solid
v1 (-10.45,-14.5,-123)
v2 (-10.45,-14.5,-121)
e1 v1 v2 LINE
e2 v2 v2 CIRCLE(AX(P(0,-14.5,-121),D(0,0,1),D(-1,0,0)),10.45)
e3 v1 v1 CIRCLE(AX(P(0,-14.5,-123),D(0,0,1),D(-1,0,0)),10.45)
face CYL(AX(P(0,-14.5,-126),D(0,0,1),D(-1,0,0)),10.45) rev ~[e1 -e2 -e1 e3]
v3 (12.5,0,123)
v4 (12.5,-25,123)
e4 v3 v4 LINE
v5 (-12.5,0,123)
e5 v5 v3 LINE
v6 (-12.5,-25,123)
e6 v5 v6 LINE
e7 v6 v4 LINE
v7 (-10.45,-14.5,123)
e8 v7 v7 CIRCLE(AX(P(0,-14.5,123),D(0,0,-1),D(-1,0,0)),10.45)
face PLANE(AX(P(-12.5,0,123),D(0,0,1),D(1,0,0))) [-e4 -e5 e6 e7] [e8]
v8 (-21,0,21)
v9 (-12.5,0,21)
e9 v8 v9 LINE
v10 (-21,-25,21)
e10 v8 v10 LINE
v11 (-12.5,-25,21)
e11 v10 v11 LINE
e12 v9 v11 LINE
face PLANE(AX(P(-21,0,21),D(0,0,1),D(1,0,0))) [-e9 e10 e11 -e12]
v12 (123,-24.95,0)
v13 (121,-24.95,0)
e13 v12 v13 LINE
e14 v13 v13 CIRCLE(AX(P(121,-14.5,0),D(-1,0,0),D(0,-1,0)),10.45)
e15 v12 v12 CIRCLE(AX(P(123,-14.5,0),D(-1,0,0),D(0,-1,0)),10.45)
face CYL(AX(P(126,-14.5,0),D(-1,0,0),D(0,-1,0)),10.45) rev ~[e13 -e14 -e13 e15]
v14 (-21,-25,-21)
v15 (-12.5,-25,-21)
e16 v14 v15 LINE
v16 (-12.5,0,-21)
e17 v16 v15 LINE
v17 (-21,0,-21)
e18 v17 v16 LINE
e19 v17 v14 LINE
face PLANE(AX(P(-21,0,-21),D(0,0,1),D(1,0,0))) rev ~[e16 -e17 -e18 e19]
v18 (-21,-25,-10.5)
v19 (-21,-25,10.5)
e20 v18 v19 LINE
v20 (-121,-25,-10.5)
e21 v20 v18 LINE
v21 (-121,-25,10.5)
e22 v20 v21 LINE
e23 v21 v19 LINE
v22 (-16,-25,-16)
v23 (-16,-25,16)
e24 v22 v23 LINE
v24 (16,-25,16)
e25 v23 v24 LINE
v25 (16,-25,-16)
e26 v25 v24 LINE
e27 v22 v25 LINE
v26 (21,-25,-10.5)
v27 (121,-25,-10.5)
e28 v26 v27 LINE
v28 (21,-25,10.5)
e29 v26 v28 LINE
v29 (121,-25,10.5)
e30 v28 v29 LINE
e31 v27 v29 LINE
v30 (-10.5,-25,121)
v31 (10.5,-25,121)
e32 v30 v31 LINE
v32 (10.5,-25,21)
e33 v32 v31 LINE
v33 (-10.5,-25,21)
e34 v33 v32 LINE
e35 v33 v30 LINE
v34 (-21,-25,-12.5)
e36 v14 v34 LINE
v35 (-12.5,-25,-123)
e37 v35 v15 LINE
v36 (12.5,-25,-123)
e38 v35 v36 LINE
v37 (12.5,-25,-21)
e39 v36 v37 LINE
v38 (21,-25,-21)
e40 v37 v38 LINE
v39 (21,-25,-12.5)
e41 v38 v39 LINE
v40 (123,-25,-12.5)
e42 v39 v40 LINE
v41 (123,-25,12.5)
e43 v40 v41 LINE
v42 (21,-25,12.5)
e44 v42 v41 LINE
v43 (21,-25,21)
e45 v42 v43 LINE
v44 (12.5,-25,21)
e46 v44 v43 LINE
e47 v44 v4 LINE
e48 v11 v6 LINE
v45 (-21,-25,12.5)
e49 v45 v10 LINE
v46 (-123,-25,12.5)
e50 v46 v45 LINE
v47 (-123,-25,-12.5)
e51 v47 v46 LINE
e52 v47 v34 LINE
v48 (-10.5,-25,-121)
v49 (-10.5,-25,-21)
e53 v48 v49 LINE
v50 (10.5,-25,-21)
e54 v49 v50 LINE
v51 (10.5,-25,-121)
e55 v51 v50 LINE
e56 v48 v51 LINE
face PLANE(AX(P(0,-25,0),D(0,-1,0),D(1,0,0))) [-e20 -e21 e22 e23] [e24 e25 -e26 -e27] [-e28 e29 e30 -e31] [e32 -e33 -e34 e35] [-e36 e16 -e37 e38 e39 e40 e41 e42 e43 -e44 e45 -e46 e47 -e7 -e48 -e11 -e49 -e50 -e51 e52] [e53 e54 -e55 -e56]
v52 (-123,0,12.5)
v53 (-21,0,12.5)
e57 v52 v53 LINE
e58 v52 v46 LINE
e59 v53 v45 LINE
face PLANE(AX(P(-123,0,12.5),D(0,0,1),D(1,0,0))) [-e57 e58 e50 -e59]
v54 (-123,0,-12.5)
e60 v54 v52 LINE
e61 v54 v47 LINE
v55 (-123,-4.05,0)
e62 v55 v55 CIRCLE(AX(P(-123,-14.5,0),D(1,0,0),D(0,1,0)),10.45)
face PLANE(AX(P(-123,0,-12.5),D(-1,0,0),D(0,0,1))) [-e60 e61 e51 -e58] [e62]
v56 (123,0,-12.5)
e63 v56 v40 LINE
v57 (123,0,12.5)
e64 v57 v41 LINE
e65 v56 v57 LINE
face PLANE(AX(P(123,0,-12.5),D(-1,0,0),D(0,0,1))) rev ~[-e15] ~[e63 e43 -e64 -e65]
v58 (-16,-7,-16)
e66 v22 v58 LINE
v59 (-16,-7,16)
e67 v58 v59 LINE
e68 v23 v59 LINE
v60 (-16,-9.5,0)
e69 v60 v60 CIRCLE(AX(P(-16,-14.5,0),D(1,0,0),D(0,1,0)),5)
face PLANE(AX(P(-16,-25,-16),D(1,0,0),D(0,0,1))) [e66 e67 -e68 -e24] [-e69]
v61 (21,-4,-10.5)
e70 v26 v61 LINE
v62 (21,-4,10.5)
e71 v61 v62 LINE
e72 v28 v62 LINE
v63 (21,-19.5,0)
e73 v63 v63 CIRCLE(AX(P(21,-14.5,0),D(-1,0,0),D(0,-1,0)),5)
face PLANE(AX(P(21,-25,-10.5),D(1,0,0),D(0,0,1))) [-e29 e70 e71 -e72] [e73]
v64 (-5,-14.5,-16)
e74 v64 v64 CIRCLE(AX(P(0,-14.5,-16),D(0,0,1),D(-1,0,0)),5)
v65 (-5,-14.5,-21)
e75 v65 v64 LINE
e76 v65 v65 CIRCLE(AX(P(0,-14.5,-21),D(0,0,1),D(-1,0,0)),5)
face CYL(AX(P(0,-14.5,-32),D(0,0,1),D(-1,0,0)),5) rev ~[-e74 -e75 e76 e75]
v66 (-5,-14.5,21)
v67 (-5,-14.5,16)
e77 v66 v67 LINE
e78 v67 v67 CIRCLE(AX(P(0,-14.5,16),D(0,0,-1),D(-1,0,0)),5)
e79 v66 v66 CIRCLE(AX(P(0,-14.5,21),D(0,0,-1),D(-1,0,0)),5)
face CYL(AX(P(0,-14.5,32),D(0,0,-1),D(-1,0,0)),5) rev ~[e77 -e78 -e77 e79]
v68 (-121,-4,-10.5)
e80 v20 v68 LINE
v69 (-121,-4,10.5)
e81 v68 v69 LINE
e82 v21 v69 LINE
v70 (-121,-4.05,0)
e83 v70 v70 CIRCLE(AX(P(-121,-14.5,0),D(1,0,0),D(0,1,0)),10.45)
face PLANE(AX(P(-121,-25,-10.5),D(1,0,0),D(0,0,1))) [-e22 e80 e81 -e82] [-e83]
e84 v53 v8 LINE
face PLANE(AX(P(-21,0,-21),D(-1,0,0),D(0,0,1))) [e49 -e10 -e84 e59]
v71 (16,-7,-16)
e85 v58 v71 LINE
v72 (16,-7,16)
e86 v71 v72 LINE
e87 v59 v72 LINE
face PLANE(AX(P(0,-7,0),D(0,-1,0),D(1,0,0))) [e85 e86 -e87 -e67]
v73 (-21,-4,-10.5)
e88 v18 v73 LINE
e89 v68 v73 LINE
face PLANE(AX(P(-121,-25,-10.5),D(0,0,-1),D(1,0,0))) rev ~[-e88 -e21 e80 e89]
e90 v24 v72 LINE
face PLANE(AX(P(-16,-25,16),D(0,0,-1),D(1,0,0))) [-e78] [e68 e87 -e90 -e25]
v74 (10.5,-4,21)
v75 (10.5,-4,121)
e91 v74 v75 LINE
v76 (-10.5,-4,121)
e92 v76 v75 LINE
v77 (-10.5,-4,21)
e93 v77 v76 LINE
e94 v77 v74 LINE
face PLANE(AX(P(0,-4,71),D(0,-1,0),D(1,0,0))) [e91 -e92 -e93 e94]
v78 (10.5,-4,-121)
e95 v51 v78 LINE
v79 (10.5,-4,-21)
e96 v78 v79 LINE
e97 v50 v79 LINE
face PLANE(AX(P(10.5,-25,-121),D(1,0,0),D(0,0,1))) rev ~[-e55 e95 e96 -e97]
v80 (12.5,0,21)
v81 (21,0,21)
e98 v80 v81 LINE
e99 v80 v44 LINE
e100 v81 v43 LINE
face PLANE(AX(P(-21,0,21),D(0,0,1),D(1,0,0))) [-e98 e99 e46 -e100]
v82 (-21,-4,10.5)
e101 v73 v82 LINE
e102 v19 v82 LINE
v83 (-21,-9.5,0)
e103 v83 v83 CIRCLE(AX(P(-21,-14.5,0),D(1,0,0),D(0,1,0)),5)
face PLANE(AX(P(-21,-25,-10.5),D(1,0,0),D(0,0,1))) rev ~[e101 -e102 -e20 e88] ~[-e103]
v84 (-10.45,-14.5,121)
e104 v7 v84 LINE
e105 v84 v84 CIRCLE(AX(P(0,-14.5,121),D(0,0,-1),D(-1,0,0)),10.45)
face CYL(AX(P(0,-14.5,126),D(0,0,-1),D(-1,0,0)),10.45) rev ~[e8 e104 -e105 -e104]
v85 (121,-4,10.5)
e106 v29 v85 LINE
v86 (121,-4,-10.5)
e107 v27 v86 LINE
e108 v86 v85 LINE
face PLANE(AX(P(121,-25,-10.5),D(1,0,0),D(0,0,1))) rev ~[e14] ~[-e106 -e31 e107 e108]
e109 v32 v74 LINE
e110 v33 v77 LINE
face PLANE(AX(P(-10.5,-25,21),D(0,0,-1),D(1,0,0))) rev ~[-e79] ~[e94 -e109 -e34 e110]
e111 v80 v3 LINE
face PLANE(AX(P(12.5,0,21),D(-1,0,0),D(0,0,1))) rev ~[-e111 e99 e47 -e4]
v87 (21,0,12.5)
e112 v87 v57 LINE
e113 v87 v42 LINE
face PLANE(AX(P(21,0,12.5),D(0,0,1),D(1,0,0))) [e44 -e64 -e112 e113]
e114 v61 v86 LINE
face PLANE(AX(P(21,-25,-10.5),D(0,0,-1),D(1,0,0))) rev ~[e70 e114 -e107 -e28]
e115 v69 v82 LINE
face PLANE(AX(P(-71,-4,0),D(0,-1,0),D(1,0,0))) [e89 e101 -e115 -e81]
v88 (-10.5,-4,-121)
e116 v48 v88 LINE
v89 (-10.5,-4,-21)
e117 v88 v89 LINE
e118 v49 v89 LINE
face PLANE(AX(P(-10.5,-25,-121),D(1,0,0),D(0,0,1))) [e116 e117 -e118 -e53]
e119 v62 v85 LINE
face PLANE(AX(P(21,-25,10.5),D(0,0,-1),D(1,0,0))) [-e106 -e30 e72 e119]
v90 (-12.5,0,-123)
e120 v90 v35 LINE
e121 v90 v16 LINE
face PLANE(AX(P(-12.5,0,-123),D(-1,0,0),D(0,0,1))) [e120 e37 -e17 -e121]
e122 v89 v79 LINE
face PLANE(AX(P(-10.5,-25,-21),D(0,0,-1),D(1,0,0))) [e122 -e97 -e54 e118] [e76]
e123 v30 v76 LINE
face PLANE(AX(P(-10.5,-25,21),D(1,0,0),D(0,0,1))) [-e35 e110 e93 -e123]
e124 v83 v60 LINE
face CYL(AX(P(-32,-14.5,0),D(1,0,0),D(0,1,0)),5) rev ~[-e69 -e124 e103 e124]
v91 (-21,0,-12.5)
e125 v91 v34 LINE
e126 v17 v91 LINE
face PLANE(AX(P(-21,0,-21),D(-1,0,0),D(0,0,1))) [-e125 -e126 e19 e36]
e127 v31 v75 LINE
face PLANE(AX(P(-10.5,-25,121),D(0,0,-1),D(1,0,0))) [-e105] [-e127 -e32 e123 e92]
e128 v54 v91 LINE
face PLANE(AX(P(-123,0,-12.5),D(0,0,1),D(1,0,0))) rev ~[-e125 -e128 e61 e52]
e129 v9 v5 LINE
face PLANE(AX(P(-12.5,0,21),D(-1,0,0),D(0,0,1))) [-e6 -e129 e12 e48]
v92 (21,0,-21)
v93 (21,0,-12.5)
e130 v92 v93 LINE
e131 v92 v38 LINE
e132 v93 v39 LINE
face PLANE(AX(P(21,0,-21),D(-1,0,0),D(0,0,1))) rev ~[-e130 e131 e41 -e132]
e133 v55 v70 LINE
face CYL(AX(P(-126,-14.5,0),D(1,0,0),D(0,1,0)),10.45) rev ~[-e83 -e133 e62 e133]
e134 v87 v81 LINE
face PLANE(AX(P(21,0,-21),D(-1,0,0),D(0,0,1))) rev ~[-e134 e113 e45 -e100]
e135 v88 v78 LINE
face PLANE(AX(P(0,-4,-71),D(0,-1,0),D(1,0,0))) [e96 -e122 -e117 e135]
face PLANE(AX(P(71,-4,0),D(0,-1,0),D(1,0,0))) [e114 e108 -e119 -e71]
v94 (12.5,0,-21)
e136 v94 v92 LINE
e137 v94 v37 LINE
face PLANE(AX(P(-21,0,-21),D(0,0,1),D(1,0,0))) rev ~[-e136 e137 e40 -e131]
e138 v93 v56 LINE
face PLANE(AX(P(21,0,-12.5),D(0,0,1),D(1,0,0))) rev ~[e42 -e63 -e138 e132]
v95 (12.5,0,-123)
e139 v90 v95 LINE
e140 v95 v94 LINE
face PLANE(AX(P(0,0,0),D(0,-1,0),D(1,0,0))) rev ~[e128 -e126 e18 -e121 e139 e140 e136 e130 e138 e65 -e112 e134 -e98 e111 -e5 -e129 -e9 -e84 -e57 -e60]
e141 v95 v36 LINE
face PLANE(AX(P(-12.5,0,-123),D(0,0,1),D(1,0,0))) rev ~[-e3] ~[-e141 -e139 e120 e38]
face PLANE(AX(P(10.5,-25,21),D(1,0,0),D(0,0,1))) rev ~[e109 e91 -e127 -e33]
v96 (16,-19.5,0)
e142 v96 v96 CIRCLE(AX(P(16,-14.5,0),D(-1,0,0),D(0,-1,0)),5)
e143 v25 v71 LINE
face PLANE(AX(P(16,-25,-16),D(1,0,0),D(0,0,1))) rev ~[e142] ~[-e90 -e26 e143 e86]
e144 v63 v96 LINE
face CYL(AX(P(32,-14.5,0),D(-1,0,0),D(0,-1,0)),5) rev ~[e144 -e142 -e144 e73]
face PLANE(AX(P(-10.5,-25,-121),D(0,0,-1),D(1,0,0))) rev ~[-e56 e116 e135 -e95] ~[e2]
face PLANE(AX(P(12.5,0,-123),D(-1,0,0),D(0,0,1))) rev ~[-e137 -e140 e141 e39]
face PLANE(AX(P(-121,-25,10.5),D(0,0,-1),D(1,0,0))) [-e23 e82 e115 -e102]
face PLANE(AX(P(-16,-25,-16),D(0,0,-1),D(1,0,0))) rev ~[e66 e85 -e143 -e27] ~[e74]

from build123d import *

# Parameters (mm, degrees)
F0_W      = 42
F0_H      = 42
F0_W_2    = 32
F0_H_2    = 32
F5_DEPTH  = 25
F1_W      = 25
F1_H      = 102
F2_W      = 102
F2_H      = 25
F3_W      = 102
F3_H      = 25
F4_W      = 25
F4_H      = 102
F6_DEPTH  = 25
F7_W      = 32
F7_H      = 32
F8_DEPTH  = 18
F9_W      = 100
F9_H      = 21
F10_DEPTH = 21
F11_W     = 100
F11_H     = 21
F12_DEPTH = 21
F13_W     = 21
F13_H     = 100
F14_DEPTH = 21
F15_W     = 21
F15_H     = 100
F16_DEPTH = 21
F18_D     = 10
F18_DEPTH = 11
F20_D     = 10
F20_DEPTH = 11
F22_D     = 10
F22_DEPTH = 11
F24_D     = 10
F24_DEPTH = 11
F26_D     = 20.9
F26_DEPTH = 3
F28_D     = 20.9
F28_DEPTH = 3
F30_D     = 20.9
F30_DEPTH = 3
F32_D     = 20.9
F32_DEPTH = 3


with BuildPart() as f5:
    # F0 (on Front) → F5 (new body)
    with BuildSketch(Plane.XZ):
        Rectangle(F0_W, F0_H)
        Rectangle(F0_W_2, F0_H_2, mode=Mode.SUBTRACT)
        Rectangle(F0_W_2, F0_H_2)
    extrude(amount=F5_DEPTH)

    # F1 (on Front) + F2 (on Front) + F3 (on Front) + F4 (on Front) → F6 (join)
    with BuildSketch(Plane.XZ):
        with Locations((0, -72)):
            Rectangle(F1_W, F1_H)
    with BuildSketch(Plane.XZ):
        with Locations((-72, 0)):
            Rectangle(F2_W, F2_H)
    with BuildSketch(Plane.XZ):
        with Locations((72, 0)):
            Rectangle(F3_W, F3_H)
    with BuildSketch(Plane.XZ):
        with Locations((0, 72)):
            Rectangle(F4_W, F4_H)
    extrude(amount=F6_DEPTH)

    # F7 (on face) → F8 (cut)
    with BuildSketch(Plane.XZ.offset(25)):
        Rectangle(F7_W, F7_H)
    extrude(amount=-F8_DEPTH, mode=Mode.SUBTRACT)

    # F9 (on face) → F10 (cut)
    with BuildSketch(Plane.XZ.offset(25)):
        with Locations((-71, 0)):
            Rectangle(F9_W, F9_H)
    extrude(amount=-F10_DEPTH, mode=Mode.SUBTRACT)

    # F11 (on face) → F12 (cut)
    with BuildSketch(Plane.XZ.offset(25)):
        with Locations((71, 0)):
            Rectangle(F11_W, F11_H)
    extrude(amount=-F12_DEPTH, mode=Mode.SUBTRACT)

    # F13 (on face) → F14 (cut)
    with BuildSketch(Plane.XZ.offset(25)):
        with Locations((0, 71)):
            Rectangle(F13_W, F13_H)
    extrude(amount=-F14_DEPTH, mode=Mode.SUBTRACT)

    # F15 (on face) → F16 (cut)
    with BuildSketch(Plane.XZ.offset(25)):
        with Locations((0, -71)):
            Rectangle(F15_W, F15_H)
    extrude(amount=-F16_DEPTH, mode=Mode.SUBTRACT)

    # F18
    with Locations(Plane.YZ.offset(21)):
        with Locations((-14.5, 0)):
            Hole(F18_D / 2, depth=F18_DEPTH)

    # F20
    with Locations(Plane(origin=(0, 0, -21), x_dir=(1, 0, 0), z_dir=(0, 0, -1))):
        with Locations((0, 14.5)):
            Hole(F20_D / 2, depth=F20_DEPTH)

    # F22
    with Locations(Plane.XY.offset(21)):
        with Locations((0, -14.5)):
            Hole(F22_D / 2, depth=F22_DEPTH)

    # F24
    with Locations(Plane(origin=(-21, 0, 0), x_dir=(0, -1, 0), z_dir=(-1, 0, 0))):
        with Locations((14.5, 0)):
            Hole(F24_D / 2, depth=F24_DEPTH)

    # F26
    with Locations(Plane(origin=(-123, 0, 0), x_dir=(0, -1, 0), z_dir=(-1, 0, 0))):
        with Locations((14.5, 0)):
            Hole(F26_D / 2, depth=F26_DEPTH)

    # F28
    with Locations(Plane.XY.offset(123)):
        with Locations((0, -14.5)):
            Hole(F28_D / 2, depth=F28_DEPTH)

    # F30
    with Locations(Plane(origin=(0, 0, -123), x_dir=(1, 0, 0), z_dir=(0, 0, -1))):
        with Locations((0, 14.5)):
            Hole(F30_D / 2, depth=F30_DEPTH)

    # F32
    with Locations(Plane.YZ.offset(123)):
        with Locations((-14.5, 0)):
            Hole(F32_D / 2, depth=F32_DEPTH)


solid = f5.part
